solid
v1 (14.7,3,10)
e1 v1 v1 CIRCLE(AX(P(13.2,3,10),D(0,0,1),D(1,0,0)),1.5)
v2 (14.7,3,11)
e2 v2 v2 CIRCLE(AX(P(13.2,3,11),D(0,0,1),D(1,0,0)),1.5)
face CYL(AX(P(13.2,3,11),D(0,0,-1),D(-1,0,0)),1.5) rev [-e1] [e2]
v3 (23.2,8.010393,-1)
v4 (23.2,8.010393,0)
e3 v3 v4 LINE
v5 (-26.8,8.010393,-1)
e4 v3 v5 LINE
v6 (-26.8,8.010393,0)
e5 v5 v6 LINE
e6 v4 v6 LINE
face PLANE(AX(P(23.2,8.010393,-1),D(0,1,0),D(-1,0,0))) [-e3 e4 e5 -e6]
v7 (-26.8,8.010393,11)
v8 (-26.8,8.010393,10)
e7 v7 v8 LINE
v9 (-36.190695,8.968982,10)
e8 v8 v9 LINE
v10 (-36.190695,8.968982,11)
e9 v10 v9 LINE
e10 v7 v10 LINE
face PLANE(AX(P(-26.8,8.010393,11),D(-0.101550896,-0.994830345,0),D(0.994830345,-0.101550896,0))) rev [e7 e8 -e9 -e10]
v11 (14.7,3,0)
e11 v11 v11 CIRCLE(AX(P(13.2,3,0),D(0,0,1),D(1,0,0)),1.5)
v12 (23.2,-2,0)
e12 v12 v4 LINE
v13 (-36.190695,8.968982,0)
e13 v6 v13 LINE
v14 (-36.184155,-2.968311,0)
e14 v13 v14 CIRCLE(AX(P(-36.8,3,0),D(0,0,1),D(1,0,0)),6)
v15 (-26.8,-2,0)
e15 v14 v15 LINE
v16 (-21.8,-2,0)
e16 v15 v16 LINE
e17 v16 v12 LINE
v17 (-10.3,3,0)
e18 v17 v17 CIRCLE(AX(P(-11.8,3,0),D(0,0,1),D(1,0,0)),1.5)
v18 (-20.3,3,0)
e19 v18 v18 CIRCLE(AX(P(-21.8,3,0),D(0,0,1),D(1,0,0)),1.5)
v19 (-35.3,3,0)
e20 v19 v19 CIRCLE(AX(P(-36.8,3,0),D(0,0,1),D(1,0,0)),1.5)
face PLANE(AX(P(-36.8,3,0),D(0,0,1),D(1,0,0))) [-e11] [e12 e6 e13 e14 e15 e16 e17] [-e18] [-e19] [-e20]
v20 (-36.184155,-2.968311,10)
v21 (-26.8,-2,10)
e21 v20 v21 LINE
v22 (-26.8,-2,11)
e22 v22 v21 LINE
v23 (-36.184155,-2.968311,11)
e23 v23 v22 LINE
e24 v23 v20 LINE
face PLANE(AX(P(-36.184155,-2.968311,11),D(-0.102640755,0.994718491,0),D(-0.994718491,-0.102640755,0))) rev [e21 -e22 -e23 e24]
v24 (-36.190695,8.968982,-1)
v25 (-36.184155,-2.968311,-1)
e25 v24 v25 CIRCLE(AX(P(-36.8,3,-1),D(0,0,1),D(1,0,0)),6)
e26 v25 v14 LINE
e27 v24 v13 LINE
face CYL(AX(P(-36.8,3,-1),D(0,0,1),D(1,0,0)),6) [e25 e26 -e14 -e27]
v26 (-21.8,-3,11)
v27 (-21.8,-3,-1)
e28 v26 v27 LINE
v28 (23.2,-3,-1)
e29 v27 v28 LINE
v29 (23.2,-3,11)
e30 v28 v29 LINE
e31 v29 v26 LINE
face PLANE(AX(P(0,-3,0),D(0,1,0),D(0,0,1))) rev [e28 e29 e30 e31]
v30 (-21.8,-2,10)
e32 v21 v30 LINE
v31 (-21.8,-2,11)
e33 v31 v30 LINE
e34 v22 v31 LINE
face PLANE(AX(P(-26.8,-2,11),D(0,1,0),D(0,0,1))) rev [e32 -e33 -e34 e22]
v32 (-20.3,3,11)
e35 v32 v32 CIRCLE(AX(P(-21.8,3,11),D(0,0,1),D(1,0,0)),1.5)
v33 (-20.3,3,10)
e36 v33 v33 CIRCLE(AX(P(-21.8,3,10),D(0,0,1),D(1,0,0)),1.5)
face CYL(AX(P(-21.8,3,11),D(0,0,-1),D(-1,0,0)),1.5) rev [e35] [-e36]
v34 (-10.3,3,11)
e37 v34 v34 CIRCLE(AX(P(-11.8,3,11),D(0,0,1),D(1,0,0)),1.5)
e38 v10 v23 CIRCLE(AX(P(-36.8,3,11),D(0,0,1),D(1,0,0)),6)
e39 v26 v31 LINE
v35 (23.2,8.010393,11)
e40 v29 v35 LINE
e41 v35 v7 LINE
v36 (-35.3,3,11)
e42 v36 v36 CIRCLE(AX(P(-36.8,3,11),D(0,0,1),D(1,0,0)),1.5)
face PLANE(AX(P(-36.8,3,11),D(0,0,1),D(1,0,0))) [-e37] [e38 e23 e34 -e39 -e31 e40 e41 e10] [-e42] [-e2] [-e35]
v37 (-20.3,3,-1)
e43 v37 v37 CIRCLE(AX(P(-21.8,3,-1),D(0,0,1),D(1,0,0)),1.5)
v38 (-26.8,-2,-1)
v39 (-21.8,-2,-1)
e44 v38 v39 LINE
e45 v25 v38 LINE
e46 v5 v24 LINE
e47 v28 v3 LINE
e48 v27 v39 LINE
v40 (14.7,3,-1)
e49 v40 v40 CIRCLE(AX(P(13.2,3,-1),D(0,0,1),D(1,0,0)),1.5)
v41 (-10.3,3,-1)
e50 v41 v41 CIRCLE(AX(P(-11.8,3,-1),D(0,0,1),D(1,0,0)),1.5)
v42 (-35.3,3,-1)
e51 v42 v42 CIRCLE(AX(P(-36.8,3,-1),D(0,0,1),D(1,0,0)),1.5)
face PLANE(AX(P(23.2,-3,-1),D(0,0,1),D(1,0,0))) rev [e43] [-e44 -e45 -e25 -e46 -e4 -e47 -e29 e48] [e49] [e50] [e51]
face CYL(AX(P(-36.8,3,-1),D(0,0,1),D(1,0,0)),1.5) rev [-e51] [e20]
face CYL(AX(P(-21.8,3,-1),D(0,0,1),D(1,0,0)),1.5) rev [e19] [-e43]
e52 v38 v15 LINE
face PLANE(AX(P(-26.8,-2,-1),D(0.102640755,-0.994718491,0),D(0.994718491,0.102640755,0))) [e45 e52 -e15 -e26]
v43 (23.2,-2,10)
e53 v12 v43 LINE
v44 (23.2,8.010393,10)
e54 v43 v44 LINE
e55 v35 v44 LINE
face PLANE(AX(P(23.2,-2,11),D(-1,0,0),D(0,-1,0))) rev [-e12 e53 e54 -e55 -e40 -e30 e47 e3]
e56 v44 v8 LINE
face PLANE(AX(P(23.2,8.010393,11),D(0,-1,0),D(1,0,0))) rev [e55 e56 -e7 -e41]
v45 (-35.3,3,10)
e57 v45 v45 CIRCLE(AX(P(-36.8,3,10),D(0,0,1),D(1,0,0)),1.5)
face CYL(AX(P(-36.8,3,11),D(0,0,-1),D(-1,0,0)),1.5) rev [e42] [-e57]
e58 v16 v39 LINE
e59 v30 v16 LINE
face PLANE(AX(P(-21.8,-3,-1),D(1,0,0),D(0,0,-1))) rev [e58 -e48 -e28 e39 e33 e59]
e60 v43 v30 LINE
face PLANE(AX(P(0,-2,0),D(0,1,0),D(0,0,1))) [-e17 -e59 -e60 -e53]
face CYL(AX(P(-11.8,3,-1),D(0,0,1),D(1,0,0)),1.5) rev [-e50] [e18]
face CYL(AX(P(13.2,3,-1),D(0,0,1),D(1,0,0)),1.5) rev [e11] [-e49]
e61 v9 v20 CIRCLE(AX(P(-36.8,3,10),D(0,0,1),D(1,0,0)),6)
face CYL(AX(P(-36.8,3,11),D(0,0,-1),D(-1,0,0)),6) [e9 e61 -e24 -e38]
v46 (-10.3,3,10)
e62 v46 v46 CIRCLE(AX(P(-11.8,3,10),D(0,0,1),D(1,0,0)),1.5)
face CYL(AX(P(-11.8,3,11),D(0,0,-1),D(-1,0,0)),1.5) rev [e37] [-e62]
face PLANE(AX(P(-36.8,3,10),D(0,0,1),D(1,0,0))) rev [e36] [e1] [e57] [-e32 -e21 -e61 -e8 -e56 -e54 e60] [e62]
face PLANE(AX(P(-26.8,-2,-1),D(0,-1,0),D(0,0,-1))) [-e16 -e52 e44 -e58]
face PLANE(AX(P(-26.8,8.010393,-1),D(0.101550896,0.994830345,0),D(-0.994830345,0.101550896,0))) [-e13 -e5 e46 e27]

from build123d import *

# Parameters (mm, degrees)
SKETCH_3_R      = 1.5
EXTRUDE_1_DEPTH = 1
SKETCH_1_R      = 1.5
EXTRUDE_2_DEPTH = 1
SKETCH_4_W      = 45
SKETCH_4_H      = 12
EXTRUDE_3_DEPTH = 1


with BuildPart() as part:
    # 草图3 → 凸台-拉伸1 (new body)
    with BuildSketch(Plane.XY.offset(10)):
        with BuildLine():
            Line((-26.8, 8.010393038), (-36.190694621, 8.96898207))
            ThreePointArc((-36.190694621, 8.96898207), (-42.7999991, 2.996713251), (-36.184155472, -2.968310943))
            Line((-36.184155472, -2.968310943), (-26.8, -2))
            Line((-26.8, -2), (23.2, -2))
            Line((23.2, -2), (23.2, 8.010393038))
            Line((23.2, 8.010393038), (-26.8, 8.010393038))
        make_face()
        with Locations((13.2, 3)):
            Circle(SKETCH_3_R, mode=Mode.SUBTRACT)
        with Locations((-11.8, 3)):
            Circle(SKETCH_3_R, mode=Mode.SUBTRACT)
        with Locations((-21.8, 3)):
            Circle(SKETCH_3_R, mode=Mode.SUBTRACT)
        with Locations((-36.8, 3)):
            Circle(SKETCH_3_R, mode=Mode.SUBTRACT)
    extrude(amount=EXTRUDE_1_DEPTH)



with BuildPart() as body_2:
    # 草图1 → 凸台-拉伸2 (new body)
    with BuildSketch(Plane.XY):
        with BuildLine():
            Line((23.2, 8.010393038), (-26.8, 8.010393038))
            Line((-26.8, 8.010393038), (-36.190694621, 8.96898207))
            ThreePointArc((-36.190694621, 8.96898207), (-42.7999991, 2.996713251), (-36.184155472, -2.968310943))
            Line((-36.184155472, -2.968310943), (-26.8, -2))
            Line((-26.8, -2), (23.2, -2))
            Line((23.2, -2), (23.2, 8.010393038))
        make_face()
        with Locations((-36.8, 3)):
            Circle(SKETCH_1_R, mode=Mode.SUBTRACT)
        with Locations((-21.8, 3)):
            Circle(SKETCH_1_R, mode=Mode.SUBTRACT)
        with Locations((-11.8, 3)):
            Circle(SKETCH_1_R, mode=Mode.SUBTRACT)
        with Locations((13.2, 3)):
            Circle(SKETCH_1_R, mode=Mode.SUBTRACT)
    extrude(amount=-EXTRUDE_2_DEPTH)


with BuildPart() as part_1:
    add(part.part)

    add(body_2.part)  # 凸台-拉伸3 merges body 2
    # 草图4 → 凸台-拉伸3 (add)
    with BuildSketch(Plane.XZ.offset(2)):
        with Locations((0.7, 5)):
            Rectangle(SKETCH_4_W, SKETCH_4_H)
    extrude(amount=EXTRUDE_3_DEPTH)


solid = part_1.part
